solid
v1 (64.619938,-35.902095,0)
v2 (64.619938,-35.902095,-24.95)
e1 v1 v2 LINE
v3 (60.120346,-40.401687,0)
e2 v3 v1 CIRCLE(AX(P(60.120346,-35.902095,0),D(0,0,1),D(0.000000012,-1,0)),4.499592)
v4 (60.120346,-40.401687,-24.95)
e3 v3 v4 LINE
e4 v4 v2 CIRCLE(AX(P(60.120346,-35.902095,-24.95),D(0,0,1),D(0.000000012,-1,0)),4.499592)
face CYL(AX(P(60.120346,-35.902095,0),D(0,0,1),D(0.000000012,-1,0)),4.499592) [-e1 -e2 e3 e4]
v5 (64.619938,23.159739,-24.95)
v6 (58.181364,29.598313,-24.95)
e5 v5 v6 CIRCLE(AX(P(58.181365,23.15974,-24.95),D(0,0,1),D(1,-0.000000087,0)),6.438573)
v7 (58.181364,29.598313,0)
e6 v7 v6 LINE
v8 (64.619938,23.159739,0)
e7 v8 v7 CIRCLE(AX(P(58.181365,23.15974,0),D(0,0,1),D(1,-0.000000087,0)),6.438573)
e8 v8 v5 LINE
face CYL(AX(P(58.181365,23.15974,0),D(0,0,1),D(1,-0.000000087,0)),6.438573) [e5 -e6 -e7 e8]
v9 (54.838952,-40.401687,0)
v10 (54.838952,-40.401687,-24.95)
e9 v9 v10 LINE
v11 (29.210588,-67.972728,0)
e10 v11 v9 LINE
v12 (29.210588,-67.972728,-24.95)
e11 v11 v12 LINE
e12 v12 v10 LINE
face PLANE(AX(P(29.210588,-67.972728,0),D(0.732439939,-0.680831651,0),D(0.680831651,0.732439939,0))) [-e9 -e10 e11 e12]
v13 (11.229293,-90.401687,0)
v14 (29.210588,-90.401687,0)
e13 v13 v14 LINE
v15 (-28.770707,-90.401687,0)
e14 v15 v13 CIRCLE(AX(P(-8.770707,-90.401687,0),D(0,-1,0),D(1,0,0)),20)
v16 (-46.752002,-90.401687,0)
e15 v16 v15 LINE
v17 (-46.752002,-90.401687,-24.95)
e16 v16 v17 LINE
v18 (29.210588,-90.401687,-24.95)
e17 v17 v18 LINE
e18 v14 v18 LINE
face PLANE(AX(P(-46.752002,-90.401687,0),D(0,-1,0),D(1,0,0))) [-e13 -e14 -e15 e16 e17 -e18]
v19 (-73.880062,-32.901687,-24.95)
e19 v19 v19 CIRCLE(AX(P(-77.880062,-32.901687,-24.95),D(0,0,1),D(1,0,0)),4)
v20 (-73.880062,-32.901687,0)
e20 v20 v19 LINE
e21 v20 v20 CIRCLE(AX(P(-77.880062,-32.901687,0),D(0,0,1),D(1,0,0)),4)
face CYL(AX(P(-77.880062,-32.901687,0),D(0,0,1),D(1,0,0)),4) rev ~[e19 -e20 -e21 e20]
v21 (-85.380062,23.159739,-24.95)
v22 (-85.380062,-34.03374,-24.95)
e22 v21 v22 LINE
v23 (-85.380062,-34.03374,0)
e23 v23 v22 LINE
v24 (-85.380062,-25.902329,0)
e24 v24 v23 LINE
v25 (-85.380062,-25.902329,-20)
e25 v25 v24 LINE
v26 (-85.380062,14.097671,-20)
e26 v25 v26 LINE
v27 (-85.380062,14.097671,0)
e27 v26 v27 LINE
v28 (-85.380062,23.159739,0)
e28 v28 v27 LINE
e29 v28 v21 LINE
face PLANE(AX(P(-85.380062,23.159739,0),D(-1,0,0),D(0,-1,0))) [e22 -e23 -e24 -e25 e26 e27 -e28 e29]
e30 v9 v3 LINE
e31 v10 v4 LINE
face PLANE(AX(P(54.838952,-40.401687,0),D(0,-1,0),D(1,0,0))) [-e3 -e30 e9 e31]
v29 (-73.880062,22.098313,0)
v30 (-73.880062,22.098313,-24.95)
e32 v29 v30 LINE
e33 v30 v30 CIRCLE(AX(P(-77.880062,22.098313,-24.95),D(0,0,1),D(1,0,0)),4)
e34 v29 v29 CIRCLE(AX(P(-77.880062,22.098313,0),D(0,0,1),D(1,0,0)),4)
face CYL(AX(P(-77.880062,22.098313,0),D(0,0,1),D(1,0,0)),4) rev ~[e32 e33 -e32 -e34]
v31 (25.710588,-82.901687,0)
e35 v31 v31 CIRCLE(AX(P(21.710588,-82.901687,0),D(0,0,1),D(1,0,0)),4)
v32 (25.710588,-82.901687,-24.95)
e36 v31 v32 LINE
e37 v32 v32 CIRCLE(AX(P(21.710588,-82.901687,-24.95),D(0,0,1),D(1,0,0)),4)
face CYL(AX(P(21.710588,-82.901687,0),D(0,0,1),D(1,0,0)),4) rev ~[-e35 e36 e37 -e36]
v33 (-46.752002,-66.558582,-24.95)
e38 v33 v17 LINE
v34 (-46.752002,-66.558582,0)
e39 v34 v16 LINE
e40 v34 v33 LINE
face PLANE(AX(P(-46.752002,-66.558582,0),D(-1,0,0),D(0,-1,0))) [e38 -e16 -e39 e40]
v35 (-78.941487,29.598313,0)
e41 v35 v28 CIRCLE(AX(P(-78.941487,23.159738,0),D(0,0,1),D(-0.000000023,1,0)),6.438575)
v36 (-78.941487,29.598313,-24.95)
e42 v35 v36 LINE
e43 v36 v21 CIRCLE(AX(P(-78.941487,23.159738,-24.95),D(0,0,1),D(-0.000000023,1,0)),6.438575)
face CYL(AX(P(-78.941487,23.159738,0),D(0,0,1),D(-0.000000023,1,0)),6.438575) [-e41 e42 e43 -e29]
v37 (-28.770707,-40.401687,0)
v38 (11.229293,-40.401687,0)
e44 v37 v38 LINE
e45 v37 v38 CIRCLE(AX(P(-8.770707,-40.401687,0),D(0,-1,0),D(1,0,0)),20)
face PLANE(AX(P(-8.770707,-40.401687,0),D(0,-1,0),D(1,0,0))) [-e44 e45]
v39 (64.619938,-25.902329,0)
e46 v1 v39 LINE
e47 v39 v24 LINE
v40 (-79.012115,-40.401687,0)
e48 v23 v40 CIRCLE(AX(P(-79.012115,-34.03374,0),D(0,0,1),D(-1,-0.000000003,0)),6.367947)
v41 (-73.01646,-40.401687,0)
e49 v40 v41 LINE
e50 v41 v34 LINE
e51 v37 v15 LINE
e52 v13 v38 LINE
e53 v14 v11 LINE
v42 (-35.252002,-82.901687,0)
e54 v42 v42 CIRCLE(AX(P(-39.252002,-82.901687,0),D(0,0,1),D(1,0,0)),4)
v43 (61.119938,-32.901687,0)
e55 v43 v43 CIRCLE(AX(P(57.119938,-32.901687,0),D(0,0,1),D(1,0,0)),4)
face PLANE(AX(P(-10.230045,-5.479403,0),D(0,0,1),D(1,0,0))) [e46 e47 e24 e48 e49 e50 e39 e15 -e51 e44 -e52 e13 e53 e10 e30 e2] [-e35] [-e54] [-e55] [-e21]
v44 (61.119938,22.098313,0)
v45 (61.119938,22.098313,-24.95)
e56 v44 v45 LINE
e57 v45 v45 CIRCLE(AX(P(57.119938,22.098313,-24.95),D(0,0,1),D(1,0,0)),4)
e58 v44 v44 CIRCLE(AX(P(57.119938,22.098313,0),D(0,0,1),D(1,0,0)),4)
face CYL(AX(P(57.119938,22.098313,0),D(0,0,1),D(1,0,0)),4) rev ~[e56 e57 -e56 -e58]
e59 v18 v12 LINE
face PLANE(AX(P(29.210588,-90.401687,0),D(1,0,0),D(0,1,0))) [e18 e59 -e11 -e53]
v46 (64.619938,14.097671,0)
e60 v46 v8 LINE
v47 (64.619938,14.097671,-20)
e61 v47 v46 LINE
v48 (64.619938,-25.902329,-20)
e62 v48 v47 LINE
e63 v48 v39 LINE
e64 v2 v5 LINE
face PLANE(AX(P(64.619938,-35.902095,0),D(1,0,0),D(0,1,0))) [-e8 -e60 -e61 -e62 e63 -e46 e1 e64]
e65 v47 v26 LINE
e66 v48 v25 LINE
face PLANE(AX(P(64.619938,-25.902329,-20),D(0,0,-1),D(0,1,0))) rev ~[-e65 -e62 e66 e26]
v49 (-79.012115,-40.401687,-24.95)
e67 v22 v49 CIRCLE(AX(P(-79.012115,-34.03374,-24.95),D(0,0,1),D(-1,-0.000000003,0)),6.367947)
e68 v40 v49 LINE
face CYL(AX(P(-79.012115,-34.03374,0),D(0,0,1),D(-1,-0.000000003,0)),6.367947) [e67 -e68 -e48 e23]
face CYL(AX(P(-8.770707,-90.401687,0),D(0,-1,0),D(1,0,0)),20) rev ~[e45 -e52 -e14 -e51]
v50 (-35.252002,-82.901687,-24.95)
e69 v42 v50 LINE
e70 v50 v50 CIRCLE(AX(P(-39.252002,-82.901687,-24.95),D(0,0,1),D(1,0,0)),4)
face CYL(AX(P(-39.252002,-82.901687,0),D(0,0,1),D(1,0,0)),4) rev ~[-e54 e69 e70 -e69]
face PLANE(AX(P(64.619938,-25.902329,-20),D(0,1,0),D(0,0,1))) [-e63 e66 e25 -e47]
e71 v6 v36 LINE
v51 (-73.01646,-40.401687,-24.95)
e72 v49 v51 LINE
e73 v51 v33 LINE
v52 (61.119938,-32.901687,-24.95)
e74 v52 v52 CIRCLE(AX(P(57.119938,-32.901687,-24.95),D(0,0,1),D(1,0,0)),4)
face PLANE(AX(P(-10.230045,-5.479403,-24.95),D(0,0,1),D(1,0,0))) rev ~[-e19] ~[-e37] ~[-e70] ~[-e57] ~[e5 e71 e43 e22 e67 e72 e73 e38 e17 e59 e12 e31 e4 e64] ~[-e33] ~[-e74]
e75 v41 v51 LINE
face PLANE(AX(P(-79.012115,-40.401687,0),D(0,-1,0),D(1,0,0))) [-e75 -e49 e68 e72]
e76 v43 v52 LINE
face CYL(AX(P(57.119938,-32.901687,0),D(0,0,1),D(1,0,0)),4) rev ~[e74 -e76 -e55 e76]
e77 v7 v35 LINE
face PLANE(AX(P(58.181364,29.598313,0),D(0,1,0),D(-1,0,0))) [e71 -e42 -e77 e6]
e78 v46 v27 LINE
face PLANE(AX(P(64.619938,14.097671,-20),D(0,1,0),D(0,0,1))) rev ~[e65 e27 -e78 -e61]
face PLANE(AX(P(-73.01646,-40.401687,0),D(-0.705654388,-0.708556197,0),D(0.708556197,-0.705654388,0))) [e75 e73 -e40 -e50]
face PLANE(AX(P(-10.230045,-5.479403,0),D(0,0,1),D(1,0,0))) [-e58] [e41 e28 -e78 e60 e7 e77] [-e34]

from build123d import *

# Parameters (mm, degrees)
F0_R          = 4
F1_DEPTH      = 24.95
F2_W          = 40
F2_H          = 20
F3_DEPTH      = 150
F3_DEPTH_BACK = 150
F4_R          = 20
F5_DEPTH      = 50


with BuildPart() as f1:
    # F0 (on Top) → F1 (new body)
    with BuildSketch(Plane.XY):
        with BuildLine():
            Line((58.181364, 29.598313), (-78.941487, 29.598313))
            ThreePointArc((-78.941487, 29.598313), (-83.494247, 27.712498), (-85.380062, 23.159739))
            Line((-85.380062, 23.159739), (-85.380062, -34.03374))
            ThreePointArc((-85.380062, -34.03374), (-83.514933, -38.536559), (-79.012115, -40.401687))
            Line((-79.012115, -40.401687), (-73.01646, -40.401687))
            Line((-73.01646, -40.401687), (-58.498297, -40.401687))
            Line((-58.498297, -40.401687), (-46.752002, -40.401687))
            Line((-46.752002, -40.401687), (-43.284619, -40.401687))
            Line((-43.284619, -40.401687), (26.715381, -40.401687))
            Line((26.715381, -40.401687), (29.210588, -40.401687))
            Line((29.210588, -40.401687), (54.838952, -40.401687))
            Line((54.838952, -40.401687), (60.120346, -40.401687))
            ThreePointArc((60.120346, -40.401687), (63.302038, -39.083787), (64.619938, -35.902095))
            Line((64.619938, -35.902095), (64.619938, 23.159739))
            ThreePointArc((64.619938, 23.159739), (62.734124, 27.712498), (58.181364, 29.598313))
        make_face()
        with Locations((-77.880062, -32.901687)):
            Circle(F0_R, mode=Mode.SUBTRACT)
        with Locations((57.119938, -32.901687)):
            Circle(F0_R, mode=Mode.SUBTRACT)
        with Locations((-77.880062, 22.098313)):
            Circle(F0_R, mode=Mode.SUBTRACT)
        with Locations((57.119938, 22.098313)):
            Circle(F0_R, mode=Mode.SUBTRACT)
        Polygon((-58.498297, -40.401687), (-73.01646, -40.401687), (-46.752002, -66.558582), (-46.752002, -40.401687), align=None)
        Polygon((29.210588, -67.972728), (54.838952, -40.401687), (29.210588, -40.401687), align=None)
        Polygon((-46.752002, -40.401687), (-46.752002, -66.558582), (-46.752002, -82.901687), (-46.752002, -90.401687), (-39.252002, -90.401687), (21.710588, -90.401687), (29.210588, -90.401687), (29.210588, -82.901687), (29.210588, -67.972728), (29.210588, -40.401687), (26.715381, -40.401687), (-43.284619, -40.401687), align=None)
        with Locations((-39.252002, -82.901687)):
            Circle(F0_R, mode=Mode.SUBTRACT)
        with Locations((21.710588, -82.901687)):
            Circle(F0_R, mode=Mode.SUBTRACT)
    extrude(amount=-F1_DEPTH)

    # F2 (on face) → F3 (cut, two sides)
    with BuildSketch(Plane.YZ.offset(64.619938)) as f3_sk:
        with Locations((-5.902329, -10)):
            Rectangle(F2_W, F2_H)
    extrude(amount=-F3_DEPTH, mode=Mode.SUBTRACT)
    extrude(f3_sk.sketch, amount=-F3_DEPTH_BACK, mode=Mode.SUBTRACT)

    # F4 (on face) → F5 (cut)
    with BuildSketch(Plane.XZ.offset(90.401687)):
        with Locations((-8.770707, 0)):
            Circle(F4_R)
    extrude(amount=-F5_DEPTH, mode=Mode.SUBTRACT)


solid = f1.part
